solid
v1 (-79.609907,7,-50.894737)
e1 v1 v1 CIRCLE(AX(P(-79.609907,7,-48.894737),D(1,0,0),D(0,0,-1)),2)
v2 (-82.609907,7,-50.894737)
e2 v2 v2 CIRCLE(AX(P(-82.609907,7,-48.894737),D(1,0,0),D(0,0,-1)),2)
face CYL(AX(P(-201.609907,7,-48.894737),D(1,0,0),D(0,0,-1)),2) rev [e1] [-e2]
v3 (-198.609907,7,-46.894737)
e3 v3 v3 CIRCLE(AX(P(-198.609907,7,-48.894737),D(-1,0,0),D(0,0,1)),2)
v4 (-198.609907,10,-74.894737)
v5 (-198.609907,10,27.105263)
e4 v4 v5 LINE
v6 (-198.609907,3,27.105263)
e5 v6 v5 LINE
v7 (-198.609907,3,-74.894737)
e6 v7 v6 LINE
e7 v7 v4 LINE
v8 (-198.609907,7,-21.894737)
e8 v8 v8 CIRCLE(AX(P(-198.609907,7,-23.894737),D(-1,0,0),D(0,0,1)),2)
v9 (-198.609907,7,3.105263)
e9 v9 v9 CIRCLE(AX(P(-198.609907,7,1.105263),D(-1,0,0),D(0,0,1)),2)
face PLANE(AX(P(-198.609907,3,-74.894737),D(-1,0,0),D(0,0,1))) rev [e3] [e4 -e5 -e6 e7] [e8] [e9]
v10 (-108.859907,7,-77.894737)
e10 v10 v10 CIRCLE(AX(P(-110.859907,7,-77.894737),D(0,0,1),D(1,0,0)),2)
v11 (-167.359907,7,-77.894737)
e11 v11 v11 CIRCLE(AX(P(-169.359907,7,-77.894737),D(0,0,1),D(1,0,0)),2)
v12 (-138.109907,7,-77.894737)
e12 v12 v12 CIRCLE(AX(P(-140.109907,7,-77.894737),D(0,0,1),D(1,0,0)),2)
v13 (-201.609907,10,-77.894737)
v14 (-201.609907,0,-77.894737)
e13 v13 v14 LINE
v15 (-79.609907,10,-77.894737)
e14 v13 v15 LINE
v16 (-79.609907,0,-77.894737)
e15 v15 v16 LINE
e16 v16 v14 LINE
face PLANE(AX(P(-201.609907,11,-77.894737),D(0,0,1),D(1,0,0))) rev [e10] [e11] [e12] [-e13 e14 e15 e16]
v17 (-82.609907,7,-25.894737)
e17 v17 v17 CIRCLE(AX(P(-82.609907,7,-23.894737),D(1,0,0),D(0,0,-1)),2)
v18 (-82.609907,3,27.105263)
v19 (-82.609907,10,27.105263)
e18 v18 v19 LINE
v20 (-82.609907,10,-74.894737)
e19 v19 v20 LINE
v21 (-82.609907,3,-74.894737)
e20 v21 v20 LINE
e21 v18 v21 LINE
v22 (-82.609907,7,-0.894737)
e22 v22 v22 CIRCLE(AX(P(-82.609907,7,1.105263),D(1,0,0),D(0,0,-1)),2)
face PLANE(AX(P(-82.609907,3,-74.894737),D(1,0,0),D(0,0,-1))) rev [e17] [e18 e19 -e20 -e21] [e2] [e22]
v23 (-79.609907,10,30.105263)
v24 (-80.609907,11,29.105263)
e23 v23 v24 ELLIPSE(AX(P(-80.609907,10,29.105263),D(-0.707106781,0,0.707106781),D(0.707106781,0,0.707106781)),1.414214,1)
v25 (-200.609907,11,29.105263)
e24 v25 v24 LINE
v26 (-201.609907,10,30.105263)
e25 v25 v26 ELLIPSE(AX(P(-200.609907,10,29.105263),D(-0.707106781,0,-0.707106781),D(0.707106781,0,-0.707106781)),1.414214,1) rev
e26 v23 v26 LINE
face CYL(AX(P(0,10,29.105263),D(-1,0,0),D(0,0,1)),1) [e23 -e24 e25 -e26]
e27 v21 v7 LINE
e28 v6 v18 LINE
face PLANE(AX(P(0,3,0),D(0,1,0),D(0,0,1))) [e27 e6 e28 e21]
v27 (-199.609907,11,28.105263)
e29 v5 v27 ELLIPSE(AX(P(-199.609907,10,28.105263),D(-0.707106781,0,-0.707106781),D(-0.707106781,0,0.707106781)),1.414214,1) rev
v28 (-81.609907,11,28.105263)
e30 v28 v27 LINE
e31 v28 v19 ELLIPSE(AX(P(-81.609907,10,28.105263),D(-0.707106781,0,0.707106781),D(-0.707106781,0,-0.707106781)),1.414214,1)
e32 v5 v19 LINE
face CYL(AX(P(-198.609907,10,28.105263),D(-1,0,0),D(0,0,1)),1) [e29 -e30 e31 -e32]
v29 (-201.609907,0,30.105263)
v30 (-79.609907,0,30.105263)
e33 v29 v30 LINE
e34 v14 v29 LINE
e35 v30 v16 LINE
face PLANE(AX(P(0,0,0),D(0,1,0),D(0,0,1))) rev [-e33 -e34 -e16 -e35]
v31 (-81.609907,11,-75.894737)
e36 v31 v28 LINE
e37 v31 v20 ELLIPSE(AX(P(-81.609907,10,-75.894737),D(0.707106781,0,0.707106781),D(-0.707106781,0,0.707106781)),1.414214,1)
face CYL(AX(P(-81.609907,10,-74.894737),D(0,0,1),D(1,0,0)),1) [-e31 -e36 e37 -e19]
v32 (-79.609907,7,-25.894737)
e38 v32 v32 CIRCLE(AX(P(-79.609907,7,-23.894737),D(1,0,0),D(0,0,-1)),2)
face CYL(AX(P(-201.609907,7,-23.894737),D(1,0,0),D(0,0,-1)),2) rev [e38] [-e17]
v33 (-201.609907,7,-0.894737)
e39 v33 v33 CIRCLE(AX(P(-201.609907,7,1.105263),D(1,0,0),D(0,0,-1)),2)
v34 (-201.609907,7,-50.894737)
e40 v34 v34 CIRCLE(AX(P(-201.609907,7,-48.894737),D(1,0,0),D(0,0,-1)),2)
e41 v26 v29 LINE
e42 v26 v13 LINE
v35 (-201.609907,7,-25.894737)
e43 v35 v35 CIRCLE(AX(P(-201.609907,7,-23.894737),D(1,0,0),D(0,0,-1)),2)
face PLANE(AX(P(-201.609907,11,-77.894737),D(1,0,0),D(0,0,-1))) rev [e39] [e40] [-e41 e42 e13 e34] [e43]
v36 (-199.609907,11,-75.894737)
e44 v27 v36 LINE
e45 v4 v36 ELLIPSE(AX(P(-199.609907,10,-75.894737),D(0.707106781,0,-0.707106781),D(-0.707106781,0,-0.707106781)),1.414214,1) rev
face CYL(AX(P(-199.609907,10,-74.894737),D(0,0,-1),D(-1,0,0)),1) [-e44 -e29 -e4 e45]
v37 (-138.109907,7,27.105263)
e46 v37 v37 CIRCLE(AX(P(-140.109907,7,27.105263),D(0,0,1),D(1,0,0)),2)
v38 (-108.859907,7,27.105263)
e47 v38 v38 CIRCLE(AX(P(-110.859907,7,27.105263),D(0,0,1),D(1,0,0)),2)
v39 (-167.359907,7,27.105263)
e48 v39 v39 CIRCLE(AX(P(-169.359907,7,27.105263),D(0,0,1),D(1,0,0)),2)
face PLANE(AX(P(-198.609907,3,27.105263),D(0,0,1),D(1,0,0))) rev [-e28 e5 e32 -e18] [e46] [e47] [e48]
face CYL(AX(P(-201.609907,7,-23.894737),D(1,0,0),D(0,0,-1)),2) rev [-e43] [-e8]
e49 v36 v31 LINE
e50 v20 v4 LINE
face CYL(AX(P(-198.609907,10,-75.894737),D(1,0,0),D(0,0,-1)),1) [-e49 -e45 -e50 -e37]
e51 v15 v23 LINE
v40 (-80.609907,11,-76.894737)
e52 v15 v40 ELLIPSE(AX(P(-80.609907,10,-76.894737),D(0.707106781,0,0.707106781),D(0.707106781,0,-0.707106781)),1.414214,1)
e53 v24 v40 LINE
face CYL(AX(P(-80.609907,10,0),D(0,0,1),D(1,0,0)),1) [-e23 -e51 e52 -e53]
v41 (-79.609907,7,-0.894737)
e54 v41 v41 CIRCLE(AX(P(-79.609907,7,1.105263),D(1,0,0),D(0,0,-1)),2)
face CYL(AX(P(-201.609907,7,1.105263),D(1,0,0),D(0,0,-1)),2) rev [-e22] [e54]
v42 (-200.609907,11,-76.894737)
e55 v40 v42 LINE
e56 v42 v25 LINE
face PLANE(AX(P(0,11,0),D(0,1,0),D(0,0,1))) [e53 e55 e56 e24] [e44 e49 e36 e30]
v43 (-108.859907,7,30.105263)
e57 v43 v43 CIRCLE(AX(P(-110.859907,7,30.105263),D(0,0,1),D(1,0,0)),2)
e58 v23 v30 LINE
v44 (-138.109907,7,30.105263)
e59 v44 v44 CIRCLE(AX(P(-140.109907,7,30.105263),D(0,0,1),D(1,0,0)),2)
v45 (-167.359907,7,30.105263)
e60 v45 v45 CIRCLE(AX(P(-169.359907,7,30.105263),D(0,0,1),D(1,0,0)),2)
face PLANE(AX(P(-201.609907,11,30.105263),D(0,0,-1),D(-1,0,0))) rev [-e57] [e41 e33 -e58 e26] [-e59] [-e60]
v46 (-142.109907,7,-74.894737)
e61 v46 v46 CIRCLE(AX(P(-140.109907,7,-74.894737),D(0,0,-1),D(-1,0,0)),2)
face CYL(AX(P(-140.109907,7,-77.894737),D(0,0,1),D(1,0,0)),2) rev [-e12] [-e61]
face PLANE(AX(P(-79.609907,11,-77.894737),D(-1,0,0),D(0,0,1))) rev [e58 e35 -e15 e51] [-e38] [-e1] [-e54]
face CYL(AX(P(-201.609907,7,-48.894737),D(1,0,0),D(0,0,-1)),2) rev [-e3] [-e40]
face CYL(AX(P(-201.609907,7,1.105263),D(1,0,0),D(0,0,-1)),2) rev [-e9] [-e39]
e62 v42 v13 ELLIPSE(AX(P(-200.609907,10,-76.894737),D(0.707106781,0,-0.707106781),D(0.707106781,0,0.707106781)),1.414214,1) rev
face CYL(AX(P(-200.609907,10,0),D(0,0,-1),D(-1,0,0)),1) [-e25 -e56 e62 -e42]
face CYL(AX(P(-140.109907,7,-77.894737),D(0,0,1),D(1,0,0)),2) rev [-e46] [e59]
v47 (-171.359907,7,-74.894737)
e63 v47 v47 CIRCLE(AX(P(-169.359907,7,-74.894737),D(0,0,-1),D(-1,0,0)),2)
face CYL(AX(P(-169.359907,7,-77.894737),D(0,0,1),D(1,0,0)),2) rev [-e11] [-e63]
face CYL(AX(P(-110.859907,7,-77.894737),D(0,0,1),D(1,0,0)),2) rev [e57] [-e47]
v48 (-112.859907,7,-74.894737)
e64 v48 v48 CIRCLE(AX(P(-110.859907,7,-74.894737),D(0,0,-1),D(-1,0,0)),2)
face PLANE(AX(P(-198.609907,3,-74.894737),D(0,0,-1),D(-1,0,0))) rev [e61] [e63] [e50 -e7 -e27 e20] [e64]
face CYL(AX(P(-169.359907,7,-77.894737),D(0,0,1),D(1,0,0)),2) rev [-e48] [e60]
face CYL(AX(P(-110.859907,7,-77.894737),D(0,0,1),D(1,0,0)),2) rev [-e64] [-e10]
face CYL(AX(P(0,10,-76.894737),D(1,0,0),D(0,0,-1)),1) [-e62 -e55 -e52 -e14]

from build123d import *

# Parameters (mm, degrees)
SKETCH1_W               = 122
SKETCH1_H               = 108
BOSS_EXTRUDE1_DEPTH     = 11
SKETCH4_W               = 116
SKETCH4_H               = 102
CUT_EXTRUDE1_DEPTH      = 8
SKETCH6_R               = 1.999999993
SKETCH6_R_2             = 2
CUT_EXTRUDE6_DEPTH      = 120
CUT_EXTRUDE6_DEPTH_BACK = 4
SKETCH5_R               = 2
CUT_EXTRUDE5_DEPTH      = 106
CUT_EXTRUDE5_DEPTH_BACK = 4
FILLET2_R               = 1


with BuildPart() as part:
    # Sketch1 → Boss-Extrude1 (new body)
    with BuildSketch(Plane(origin=(0, 0, 0), x_dir=(1, 0, 0), z_dir=(0, 1, 0))):
        with Locations((-140.609907121, 23.894736842)):
            Rectangle(SKETCH1_W, SKETCH1_H)
    extrude(amount=BOSS_EXTRUDE1_DEPTH)

    # Sketch4 → Cut-Extrude1 (cut)
    with BuildSketch(Plane(origin=(0, 11, 0), x_dir=(1, 0, 0), z_dir=(0, 1, 0))):
        with Locations((-140.609907121, 23.894736842)):
            Rectangle(SKETCH4_W, SKETCH4_H)
    extrude(amount=-CUT_EXTRUDE1_DEPTH, mode=Mode.SUBTRACT)

    # Sketch6 → Cut-Extrude6 (cut, two sides)
    with BuildSketch(Plane(origin=(-198.609907121, 0, 0), x_dir=(0, 0, -1), z_dir=(1, 0, 0))) as cut_extrude6_sk:
        with Locations((-1.105263158, 6.999999977)):
            Circle(SKETCH6_R)
        with Locations((23.894736842, 6.999999988)):
            Circle(SKETCH6_R)
        with Locations((48.894736842, 7)):
            Circle(SKETCH6_R_2)
    extrude(amount=CUT_EXTRUDE6_DEPTH, mode=Mode.SUBTRACT)
    extrude(cut_extrude6_sk.sketch, amount=-CUT_EXTRUDE6_DEPTH_BACK, mode=Mode.SUBTRACT)

    # Sketch5 → Cut-Extrude5 (cut, two sides)
    with BuildSketch(Plane.XY.offset(-74.894736842)) as cut_extrude5_sk:
        with Locations((-169.359907121, 7)):
            Circle(SKETCH5_R)
        with Locations((-140.109907121, 7)):
            Circle(SKETCH5_R)
        with Locations((-110.859907121, 7)):
            Circle(SKETCH5_R)
    extrude(amount=CUT_EXTRUDE5_DEPTH, mode=Mode.SUBTRACT)
    extrude(cut_extrude5_sk.sketch, amount=-CUT_EXTRUDE5_DEPTH_BACK, mode=Mode.SUBTRACT)

    # Fillet2
    fillet2_edges = [part.edges().sort_by_distance(p)[0] for p in [
        (-79.609907121, 11, -23.894736842),
        (-140.609907121, 11, -77.894736842),
        (-198.609907121, 11, -23.894736842),
        (-140.609907121, 11, 27.105263158),
        (-82.609907121, 11, -23.894736842),
        (-140.609907121, 11, -74.894736842),
        (-201.609907121, 11, -23.894736842),
        (-140.609907121, 11, 30.105263158),
    ]]
    fillet(fillet2_edges, radius=FILLET2_R)


solid = part.part
